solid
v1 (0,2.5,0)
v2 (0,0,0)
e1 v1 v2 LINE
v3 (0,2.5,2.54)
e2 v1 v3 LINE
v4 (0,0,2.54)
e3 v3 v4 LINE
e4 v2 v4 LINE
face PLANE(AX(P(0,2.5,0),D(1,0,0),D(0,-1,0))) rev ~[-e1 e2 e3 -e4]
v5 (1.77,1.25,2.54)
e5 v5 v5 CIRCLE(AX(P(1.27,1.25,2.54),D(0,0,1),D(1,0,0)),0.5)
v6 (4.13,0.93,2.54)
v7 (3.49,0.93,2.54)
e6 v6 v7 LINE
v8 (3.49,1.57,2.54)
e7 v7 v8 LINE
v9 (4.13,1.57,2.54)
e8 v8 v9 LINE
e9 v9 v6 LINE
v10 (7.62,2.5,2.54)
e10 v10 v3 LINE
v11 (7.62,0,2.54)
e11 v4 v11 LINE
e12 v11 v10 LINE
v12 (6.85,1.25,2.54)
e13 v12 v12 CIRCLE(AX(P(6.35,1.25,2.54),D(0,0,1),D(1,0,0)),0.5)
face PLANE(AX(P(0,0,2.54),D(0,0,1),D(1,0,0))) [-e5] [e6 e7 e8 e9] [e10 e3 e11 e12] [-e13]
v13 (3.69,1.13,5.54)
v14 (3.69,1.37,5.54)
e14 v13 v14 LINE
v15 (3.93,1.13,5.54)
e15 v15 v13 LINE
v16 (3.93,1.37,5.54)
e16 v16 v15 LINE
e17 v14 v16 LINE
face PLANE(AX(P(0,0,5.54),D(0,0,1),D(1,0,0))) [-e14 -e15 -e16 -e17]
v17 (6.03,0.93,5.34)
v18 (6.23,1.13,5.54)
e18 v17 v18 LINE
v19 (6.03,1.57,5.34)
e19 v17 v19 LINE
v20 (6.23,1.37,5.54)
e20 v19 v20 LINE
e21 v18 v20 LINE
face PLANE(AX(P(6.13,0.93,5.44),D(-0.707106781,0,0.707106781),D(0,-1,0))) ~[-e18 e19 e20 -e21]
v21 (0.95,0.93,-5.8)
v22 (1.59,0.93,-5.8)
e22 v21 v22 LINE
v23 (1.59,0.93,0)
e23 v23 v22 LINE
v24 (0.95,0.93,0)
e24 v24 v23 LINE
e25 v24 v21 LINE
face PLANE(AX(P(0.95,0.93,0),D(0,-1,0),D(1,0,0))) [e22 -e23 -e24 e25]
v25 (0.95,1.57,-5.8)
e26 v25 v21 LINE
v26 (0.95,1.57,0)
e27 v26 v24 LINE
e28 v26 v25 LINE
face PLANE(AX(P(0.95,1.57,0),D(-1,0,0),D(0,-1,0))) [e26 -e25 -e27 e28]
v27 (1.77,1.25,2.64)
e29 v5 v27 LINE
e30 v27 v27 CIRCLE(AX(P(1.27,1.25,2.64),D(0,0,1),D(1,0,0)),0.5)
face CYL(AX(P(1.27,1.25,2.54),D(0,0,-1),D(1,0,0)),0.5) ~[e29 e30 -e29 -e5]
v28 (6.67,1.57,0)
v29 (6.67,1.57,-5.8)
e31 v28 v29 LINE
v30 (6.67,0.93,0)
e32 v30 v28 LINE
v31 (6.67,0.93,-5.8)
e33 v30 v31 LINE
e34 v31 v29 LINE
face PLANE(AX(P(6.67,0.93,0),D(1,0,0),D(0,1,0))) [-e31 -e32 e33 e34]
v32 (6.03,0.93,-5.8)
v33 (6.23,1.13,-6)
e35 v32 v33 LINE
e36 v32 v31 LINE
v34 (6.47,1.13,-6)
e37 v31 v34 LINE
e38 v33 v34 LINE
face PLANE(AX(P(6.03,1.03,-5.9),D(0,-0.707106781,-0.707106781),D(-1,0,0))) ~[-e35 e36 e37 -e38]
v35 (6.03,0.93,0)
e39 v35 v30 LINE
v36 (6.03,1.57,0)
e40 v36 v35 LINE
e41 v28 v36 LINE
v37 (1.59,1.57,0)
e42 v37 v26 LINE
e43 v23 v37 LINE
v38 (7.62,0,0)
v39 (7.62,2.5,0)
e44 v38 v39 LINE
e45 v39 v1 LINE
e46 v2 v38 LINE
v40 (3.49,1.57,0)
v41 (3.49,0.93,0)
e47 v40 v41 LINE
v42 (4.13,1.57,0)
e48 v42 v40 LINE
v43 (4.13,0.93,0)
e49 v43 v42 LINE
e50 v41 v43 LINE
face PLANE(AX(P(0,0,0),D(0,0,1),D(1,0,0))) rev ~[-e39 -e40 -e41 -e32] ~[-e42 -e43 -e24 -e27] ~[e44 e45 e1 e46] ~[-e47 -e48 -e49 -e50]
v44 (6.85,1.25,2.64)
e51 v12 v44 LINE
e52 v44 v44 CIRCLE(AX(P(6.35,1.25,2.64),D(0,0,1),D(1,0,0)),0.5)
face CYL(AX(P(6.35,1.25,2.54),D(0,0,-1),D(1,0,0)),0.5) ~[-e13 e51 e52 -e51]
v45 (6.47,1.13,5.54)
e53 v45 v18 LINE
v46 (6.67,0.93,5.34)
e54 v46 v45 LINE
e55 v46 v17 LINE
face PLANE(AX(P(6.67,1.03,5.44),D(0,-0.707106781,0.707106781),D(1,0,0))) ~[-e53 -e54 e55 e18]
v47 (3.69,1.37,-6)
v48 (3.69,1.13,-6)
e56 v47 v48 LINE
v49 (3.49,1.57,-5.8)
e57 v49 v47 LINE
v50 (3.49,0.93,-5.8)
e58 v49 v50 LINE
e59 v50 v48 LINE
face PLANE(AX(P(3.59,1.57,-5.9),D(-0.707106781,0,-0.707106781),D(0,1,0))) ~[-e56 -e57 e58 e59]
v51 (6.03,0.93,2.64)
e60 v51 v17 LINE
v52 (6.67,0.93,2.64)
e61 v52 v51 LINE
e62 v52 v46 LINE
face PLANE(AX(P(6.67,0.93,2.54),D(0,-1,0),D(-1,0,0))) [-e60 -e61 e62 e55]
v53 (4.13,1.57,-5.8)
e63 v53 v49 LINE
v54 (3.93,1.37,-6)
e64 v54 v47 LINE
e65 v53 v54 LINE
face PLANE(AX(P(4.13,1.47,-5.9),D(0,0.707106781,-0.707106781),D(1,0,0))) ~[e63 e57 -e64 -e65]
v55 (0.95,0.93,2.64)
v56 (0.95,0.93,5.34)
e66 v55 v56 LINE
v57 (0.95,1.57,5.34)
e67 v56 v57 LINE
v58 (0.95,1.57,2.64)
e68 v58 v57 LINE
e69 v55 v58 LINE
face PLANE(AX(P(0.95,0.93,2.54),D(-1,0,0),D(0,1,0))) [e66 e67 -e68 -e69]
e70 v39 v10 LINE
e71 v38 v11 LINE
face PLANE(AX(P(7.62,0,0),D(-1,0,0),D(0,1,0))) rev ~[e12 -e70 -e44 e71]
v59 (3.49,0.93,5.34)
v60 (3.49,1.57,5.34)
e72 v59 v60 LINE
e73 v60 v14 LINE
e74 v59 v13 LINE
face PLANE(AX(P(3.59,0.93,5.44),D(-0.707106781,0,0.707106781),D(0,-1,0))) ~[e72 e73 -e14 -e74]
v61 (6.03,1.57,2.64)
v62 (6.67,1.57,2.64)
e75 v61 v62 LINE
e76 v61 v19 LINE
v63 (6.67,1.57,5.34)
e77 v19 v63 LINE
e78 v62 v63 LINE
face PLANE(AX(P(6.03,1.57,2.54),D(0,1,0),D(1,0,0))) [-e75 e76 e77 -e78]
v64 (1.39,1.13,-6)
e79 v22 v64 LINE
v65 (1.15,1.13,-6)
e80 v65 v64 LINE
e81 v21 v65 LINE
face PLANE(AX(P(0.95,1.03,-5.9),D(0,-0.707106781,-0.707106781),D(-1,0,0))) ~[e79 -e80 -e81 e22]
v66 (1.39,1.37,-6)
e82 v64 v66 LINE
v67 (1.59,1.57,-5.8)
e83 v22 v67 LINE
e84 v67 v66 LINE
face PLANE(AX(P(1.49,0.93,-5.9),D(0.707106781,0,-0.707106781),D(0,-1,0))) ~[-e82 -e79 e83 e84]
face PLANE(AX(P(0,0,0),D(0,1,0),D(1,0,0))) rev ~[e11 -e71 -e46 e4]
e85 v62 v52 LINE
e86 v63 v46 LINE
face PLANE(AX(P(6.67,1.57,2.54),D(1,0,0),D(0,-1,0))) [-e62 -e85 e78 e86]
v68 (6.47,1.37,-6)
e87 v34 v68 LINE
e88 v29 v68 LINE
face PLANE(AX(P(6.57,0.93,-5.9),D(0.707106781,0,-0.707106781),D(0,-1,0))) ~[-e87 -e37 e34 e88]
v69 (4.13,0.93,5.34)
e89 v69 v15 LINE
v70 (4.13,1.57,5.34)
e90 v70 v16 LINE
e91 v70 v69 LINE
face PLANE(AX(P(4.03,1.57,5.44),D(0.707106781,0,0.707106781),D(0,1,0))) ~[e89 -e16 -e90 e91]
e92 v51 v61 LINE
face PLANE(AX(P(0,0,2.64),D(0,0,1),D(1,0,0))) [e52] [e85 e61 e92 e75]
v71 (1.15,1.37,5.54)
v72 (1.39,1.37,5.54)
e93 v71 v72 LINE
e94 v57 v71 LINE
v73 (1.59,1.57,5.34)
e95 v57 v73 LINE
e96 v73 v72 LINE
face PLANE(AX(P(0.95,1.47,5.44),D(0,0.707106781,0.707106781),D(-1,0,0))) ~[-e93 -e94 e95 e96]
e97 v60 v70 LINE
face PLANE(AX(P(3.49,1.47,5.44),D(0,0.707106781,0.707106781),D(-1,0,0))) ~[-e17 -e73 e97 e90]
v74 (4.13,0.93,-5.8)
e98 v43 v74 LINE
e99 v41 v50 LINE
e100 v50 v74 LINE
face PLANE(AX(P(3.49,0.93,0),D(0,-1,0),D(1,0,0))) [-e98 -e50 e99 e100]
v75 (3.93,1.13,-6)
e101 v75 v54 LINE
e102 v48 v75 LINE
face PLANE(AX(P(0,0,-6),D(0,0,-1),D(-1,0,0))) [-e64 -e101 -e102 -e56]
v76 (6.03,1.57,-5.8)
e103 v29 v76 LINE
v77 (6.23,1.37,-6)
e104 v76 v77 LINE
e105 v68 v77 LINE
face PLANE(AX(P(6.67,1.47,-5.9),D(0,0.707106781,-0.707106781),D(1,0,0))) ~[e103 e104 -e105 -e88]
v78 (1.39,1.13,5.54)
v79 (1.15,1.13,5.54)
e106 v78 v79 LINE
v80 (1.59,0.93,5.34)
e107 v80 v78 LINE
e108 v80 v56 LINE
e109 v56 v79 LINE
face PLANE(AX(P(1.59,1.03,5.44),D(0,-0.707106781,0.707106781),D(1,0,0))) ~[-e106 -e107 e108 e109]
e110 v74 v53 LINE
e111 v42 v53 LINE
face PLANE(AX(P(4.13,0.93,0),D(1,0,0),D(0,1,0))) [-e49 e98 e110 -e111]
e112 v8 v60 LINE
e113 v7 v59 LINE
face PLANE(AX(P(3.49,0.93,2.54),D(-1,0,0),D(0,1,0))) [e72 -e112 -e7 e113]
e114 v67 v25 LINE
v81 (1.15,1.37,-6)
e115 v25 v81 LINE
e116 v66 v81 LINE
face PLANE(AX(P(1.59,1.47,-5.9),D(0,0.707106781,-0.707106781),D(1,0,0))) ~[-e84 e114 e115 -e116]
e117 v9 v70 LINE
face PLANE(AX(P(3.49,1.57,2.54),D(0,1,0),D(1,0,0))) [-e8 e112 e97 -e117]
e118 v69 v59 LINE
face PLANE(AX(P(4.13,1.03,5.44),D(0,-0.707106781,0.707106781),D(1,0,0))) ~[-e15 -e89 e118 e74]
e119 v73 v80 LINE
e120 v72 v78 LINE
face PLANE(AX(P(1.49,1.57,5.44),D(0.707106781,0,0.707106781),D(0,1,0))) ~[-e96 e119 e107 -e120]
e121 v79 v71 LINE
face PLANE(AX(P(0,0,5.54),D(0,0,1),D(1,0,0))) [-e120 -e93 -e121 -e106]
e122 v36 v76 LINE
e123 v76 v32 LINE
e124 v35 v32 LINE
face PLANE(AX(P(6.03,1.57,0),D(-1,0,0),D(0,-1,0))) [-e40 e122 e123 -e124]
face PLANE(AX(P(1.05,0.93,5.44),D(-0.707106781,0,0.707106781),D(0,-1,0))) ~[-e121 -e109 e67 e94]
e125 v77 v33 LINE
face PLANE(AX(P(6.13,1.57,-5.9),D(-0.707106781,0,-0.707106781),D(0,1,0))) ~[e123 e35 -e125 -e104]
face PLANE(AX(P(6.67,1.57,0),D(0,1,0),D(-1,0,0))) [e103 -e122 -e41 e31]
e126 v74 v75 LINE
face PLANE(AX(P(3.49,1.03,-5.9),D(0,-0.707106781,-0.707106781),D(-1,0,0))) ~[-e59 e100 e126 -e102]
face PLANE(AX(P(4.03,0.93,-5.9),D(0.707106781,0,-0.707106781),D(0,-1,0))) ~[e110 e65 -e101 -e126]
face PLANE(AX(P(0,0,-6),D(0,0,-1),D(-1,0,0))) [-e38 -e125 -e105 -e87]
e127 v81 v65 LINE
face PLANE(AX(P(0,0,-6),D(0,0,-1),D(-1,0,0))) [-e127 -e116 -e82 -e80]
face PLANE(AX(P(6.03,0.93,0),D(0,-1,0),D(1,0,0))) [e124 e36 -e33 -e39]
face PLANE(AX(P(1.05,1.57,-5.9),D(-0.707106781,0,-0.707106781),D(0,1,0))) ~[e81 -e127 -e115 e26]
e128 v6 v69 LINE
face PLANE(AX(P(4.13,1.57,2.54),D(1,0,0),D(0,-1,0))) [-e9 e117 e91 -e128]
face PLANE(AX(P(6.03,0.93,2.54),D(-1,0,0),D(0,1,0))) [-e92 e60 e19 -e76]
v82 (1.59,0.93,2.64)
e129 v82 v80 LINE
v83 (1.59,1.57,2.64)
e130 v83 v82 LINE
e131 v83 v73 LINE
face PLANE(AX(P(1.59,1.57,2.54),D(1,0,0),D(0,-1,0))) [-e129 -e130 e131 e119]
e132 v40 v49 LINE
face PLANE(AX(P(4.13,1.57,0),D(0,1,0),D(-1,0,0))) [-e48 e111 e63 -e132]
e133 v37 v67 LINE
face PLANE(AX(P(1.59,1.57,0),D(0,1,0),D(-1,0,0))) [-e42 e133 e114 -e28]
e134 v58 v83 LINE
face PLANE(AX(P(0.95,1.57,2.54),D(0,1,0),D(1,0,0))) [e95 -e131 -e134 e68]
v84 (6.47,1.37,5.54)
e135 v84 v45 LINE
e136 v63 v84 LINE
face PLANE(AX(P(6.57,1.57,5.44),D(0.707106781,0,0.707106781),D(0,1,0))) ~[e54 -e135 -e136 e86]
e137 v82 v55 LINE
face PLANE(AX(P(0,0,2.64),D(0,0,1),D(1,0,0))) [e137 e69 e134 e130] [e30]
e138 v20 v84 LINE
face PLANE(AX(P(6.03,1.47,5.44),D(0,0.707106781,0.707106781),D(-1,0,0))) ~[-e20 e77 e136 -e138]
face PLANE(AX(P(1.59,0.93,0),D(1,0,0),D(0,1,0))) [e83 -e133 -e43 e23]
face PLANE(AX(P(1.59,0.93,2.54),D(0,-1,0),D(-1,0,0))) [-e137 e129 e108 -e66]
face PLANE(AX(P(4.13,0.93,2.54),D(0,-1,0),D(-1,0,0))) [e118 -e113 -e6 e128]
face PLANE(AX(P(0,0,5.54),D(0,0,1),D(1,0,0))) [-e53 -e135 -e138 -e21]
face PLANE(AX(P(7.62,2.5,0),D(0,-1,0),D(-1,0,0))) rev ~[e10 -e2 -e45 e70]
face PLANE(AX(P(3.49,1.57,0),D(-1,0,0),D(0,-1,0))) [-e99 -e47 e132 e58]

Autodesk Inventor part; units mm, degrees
ref_plane "YZ Plane" through (0, 0, 0) normal (1, 0, 0) x (0, 1, 0)
ref_plane "XZ Plane" through (0, 0, 0) normal (0, 1, 0) x (-1, 0, 0)
ref_plane "XY Plane" through (0, 0, 0) normal (0, 0, 1) x (1, 0, 0)
sketch "Sketch1" plane through (0, 0, 0) normal (0, 0, 1) x (1, 0, 0)
  line L0 (0, 0) -> (7.62, 0)
  line L1 (7.62, 0) -> (7.62, 2.5)
  line L2 (7.62, 2.5) -> (0, 2.5)
  line L3 (0, 2.5) -> (0, 0)
  dimension "d0" = 7.62
  dimension "d1" = 2.5
extrude "Extrusion1" add sketch "Sketch1" along normal blind 2.54
sketch "Sketch2" plane through (0, 0, 2.54) normal (0, 0, 1) x (1, 0, 0)
  line L0 (0.95, 1.57) -> (1.59, 1.57)
  line L1 (1.59, 1.57) -> (1.59, 0.93)
  line L2 (1.59, 0.93) -> (0.95, 0.93)
  line L3 (0.95, 0.93) -> (0.95, 1.57)
  line L4 (3.49, 1.57) -> (4.13, 1.57)
  line L5 (4.13, 1.57) -> (4.13, 0.93)
  line L6 (4.13, 0.93) -> (3.49, 0.93)
  line L7 (3.49, 0.93) -> (3.49, 1.57)
  line L8 (6.03, 1.57) -> (6.67, 1.57)
  line L9 (6.67, 1.57) -> (6.67, 0.93)
  line L10 (6.67, 0.93) -> (6.03, 0.93)
  line L11 (6.03, 0.93) -> (6.03, 1.57)
  line L12 (7.62, 2.5) -> (0, 2.5) projected
  line L13 (0, 2.5) -> (0, 0) projected
  dimension "d4" = 0.64
  dimension "d5" = 0.64
  dimension "d6" = 0.64
  dimension "d7" = 0.64
  dimension "d8" = 2.54
  dimension "d9" = 2.54
  dimension "d10" = 0.93
  dimension "d11" = 0.95
extrude "Extrusion2" add sketch "Sketch2" along normal blind 3
sketch "Sketch3" plane through (0, 0, 0) normal (0, 0, -1) x (-1, 0, 0)
  line L0 (-6.03, 0.93) -> (-6.67, 0.93) projected
  line L1 (-6.67, 0.93) -> (-6.67, 1.57) projected
  line L2 (-6.67, 1.57) -> (-6.03, 1.57) projected
  line L3 (-6.03, 1.57) -> (-6.03, 0.93) projected
  line L4 (-3.49, 0.93) -> (-4.13, 0.93) projected
  line L5 (-4.13, 0.93) -> (-4.13, 1.57) projected
  line L6 (-4.13, 1.57) -> (-3.49, 1.57) projected
  line L7 (-3.49, 1.57) -> (-3.49, 0.93) projected
  line L8 (-0.95, 0.93) -> (-1.59, 0.93) projected
  line L9 (-1.59, 0.93) -> (-1.59, 1.57) projected
  line L10 (-1.59, 1.57) -> (-0.95, 1.57) projected
  line L11 (-0.95, 1.57) -> (-0.95, 0.93) projected
  point P0 (0, 0)
extrude "Extrusion3" add sketch "Sketch3" along normal blind 6
chamfer "Chamfer1" distance 0.2 angle 45 24 edges at (1.27, 1.57, -6) (1.59, 1.25, -6) (1.27, 0.93, -6) (0.95, 1.25, -6) (3.81, 1.57, -6) (4.13, 1.25, -6) (3.81, 0.93, -6) (3.49, 1.25, -6) (6.03, 1.25, -6) (6.35, 1.57, -6) (6.67, 1.25, -6) (6.35, 0.93, -6) (6.67, 1.25, 5.54) (6.35, 1.57, 5.54) (6.03, 1.25, 5.54) (6.35, 0.93, 5.54) (4.13, 1.25, 5.54) (3.81, 0.93, 5.54) (3.49, 1.25, 5.54) (3.81, 1.57, 5.54) (1.59, 1.25, 5.54) (1.27, 0.93, 5.54) (0.95, 1.25, 5.54) (1.27, 1.57, 5.54)
sketch "Sketch4" plane through (0, 0, 2.54) normal (0, 0, 1) x (1, 0, 0)
  circle A0 centre (6.35, 1.25) radius 0.5
  circle A1 centre (1.27, 1.25) radius 0.5
  line L0 (0, 2.5) -> (0, 0) projected
  line L1 (0, 0) -> (7.62, 0) projected
  line L2 (7.62, 0) -> (7.62, 2.5) projected
  dimension "d21" = 1
  dimension "d22" = 1.27
  dimension "d23" = 1.25
  dimension "d24" = 1.25
  dimension "d25" = 1.27
extrude "Extrusion4" add sketch "Sketch4" along normal blind 0.1
equation "\"d5\" = d4"
equation "\"d6\" = d4"
equation "\"d7\" = d4"
equation "\"d9\" = d8"
equation "\"d24\" = d23"
equation "\"d25\" = d22"
properties part number "Male_Pin_1x3"
